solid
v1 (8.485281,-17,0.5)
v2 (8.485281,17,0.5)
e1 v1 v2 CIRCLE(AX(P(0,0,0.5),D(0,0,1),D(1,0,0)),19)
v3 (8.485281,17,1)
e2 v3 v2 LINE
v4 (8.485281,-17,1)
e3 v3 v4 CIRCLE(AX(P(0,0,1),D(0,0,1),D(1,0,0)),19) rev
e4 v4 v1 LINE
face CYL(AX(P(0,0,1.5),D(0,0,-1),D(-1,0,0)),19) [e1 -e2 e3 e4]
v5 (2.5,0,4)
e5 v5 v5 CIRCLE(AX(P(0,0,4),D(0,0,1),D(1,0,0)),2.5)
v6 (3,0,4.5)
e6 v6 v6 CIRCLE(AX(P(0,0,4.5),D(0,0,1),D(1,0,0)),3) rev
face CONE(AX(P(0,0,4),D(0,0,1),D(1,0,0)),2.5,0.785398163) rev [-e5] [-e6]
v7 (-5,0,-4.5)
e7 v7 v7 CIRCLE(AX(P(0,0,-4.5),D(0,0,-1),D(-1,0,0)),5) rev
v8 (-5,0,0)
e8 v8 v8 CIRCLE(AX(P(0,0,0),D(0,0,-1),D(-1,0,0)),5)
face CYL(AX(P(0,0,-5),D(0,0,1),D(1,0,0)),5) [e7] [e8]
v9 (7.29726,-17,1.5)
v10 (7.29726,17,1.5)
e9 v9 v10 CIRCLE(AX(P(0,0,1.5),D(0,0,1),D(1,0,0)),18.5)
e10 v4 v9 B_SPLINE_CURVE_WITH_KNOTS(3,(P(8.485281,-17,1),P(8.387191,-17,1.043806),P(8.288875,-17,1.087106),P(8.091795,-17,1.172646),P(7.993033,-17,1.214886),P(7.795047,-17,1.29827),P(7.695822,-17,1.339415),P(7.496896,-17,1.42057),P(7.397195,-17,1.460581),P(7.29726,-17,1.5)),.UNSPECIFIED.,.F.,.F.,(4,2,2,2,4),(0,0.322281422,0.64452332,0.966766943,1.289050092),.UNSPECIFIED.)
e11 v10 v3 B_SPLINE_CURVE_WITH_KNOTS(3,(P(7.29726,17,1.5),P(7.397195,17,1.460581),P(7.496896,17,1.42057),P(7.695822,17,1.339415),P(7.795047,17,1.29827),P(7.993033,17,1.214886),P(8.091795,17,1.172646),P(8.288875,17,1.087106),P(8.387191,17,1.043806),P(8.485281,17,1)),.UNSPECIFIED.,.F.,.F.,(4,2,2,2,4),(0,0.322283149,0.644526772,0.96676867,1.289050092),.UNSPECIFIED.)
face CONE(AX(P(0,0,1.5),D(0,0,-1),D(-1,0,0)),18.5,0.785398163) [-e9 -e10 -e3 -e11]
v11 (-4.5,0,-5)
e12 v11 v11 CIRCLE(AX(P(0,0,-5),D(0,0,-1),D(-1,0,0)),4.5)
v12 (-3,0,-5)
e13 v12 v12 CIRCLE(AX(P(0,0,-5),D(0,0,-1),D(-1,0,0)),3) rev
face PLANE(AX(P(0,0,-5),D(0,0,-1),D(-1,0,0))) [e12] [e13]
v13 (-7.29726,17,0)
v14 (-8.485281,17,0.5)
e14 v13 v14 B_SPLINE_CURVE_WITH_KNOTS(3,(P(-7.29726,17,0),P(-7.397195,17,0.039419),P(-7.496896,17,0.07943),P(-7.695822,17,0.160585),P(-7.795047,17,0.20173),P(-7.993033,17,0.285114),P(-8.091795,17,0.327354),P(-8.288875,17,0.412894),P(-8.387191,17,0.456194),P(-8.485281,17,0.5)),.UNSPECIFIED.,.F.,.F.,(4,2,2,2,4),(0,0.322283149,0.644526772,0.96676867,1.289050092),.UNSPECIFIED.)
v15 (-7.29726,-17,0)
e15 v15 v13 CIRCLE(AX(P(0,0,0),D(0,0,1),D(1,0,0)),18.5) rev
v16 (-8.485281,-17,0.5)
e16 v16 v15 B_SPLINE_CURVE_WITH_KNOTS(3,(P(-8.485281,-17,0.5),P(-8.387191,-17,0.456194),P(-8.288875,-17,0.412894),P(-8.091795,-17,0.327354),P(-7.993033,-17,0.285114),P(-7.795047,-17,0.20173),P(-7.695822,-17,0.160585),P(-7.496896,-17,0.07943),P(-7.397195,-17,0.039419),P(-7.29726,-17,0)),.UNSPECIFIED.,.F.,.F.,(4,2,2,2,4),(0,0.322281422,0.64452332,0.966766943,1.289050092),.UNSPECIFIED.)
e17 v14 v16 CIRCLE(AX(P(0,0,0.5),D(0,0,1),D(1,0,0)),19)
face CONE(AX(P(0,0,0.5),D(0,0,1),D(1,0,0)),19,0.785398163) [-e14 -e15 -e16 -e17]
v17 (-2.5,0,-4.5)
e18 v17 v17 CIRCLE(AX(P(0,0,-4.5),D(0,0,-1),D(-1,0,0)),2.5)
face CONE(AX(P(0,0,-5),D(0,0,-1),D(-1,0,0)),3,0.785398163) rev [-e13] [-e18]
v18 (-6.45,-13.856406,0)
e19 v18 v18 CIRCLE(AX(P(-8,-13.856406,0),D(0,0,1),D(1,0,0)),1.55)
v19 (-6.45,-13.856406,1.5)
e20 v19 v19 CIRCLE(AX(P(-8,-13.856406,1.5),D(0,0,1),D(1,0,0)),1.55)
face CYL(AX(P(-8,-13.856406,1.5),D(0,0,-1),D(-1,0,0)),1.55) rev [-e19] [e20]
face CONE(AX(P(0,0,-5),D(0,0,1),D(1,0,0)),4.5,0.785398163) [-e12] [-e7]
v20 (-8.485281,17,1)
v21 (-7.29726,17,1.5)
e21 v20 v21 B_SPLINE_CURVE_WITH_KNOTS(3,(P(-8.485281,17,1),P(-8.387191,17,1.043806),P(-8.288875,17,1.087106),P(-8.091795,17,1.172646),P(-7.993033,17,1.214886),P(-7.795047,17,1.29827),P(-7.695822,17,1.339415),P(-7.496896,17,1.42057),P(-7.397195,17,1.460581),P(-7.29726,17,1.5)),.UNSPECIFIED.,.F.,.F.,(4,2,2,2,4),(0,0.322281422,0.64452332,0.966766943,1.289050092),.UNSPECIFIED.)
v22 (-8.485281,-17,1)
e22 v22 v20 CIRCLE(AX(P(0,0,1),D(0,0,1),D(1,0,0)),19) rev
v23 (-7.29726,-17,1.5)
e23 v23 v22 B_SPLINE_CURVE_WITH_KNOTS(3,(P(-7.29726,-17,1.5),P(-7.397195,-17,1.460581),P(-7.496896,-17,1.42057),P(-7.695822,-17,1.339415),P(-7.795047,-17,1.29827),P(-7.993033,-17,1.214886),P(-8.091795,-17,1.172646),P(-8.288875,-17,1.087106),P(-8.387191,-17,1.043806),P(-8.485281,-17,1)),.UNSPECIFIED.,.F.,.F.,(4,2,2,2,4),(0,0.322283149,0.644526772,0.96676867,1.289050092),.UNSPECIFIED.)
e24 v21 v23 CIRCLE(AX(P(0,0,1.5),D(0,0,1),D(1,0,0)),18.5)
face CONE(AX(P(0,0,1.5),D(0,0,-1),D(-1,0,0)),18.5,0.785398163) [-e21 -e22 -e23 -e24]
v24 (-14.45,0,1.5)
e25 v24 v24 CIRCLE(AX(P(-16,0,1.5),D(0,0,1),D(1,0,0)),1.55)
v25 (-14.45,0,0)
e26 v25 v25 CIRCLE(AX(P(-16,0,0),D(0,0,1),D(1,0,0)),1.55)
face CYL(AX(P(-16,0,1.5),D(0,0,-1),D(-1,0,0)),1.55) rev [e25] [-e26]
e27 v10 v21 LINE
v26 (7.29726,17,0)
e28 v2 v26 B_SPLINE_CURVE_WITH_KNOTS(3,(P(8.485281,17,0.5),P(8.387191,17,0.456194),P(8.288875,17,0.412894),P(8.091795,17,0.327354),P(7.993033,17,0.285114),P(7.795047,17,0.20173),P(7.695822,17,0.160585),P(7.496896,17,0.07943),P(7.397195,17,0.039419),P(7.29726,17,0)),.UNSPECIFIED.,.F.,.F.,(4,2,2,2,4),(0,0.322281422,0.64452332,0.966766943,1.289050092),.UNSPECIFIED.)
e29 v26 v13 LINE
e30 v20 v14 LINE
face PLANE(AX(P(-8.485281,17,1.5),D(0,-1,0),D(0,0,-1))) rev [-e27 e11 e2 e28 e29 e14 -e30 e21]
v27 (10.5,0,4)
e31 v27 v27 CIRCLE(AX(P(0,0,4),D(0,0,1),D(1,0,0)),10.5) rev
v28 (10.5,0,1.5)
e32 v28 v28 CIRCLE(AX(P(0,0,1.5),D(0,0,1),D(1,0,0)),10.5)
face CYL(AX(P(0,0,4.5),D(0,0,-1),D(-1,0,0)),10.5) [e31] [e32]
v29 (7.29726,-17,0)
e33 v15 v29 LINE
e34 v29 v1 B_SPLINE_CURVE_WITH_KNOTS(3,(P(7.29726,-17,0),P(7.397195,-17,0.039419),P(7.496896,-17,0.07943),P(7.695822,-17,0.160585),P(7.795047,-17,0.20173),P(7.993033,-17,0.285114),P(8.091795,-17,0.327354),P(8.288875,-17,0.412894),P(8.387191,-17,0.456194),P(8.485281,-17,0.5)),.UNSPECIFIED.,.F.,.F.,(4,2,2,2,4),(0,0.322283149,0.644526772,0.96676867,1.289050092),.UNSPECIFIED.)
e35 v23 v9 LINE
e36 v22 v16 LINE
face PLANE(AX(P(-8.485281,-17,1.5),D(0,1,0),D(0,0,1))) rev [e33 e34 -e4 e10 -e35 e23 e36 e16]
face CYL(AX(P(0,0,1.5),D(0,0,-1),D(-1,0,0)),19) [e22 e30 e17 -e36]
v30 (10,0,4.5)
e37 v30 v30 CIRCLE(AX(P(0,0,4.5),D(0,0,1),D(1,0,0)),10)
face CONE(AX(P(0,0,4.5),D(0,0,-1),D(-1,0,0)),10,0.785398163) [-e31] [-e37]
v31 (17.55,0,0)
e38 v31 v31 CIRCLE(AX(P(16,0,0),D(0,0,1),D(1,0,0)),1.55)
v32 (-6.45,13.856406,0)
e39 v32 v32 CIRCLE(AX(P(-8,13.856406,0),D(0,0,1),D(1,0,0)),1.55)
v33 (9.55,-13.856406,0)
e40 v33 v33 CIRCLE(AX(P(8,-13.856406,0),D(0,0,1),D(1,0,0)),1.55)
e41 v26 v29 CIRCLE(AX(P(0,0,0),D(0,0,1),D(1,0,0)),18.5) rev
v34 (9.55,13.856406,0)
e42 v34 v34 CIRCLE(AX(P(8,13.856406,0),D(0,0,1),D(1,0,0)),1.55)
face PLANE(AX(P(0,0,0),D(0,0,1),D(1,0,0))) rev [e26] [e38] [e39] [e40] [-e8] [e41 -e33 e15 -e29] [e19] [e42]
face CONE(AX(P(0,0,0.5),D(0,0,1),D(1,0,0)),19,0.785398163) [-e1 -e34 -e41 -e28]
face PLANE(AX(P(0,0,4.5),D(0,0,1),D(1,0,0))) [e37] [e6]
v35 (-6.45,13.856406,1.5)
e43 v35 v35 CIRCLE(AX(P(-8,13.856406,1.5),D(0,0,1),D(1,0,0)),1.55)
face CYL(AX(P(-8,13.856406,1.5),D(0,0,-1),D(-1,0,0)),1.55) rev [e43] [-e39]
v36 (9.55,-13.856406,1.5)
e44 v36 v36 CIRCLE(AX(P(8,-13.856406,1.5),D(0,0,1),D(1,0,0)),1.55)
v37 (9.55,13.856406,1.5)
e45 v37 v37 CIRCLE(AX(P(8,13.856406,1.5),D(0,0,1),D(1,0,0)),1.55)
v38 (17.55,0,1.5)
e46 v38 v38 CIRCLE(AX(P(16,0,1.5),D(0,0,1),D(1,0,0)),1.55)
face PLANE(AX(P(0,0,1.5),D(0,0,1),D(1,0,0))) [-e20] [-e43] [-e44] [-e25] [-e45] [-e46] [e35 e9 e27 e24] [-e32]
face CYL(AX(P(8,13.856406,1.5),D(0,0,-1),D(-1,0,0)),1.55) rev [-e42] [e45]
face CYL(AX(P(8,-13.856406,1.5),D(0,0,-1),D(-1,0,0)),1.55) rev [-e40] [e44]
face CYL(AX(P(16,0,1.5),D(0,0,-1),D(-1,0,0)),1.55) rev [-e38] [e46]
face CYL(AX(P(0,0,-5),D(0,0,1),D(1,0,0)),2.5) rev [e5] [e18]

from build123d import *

# Parameters (mm, degrees)
SKETCH2_R           = 1.55
BOSS_EXTRUDE1_DEPTH = 1.5
SKETCH3_R           = 10.5
BOSS_EXTRUDE2_DEPTH = 3
SKETCH4_R           = 5
BOSS_EXTRUDE3_DEPTH = 5
SKETCH5_R           = 2.5
CUT_EXTRUDE1_DEPTH  = 28.207535721
CHAMFER1_SIZE       = 0.5


with BuildPart() as part:
    # Sketch2 → Boss-Extrude1 (new body)
    with BuildSketch(Plane.XY):
        with BuildLine():
            Line((-8.485281374, 17), (8.485281374, 17))
            ThreePointArc((8.485281374, 17), (19, 0), (8.485281374, -17))
            Line((8.485281374, -17), (-8.485281374, -17))
            ThreePointArc((-8.485281374, -17), (-19, 0), (-8.485281374, 17))
        make_face()
        with Locations((-16, 0)):
            Circle(SKETCH2_R, mode=Mode.SUBTRACT)
        with Locations((-8, 13.856406461)):
            Circle(SKETCH2_R, mode=Mode.SUBTRACT)
        with Locations((8, 13.856406461)):
            Circle(SKETCH2_R, mode=Mode.SUBTRACT)
        with Locations((16, 0)):
            Circle(SKETCH2_R, mode=Mode.SUBTRACT)
        with Locations((8, -13.856406461)):
            Circle(SKETCH2_R, mode=Mode.SUBTRACT)
        with Locations((-8, -13.856406461)):
            Circle(SKETCH2_R, mode=Mode.SUBTRACT)
    extrude(amount=BOSS_EXTRUDE1_DEPTH)

    # Sketch3 → Boss-Extrude2 (add)
    with BuildSketch(Plane.XY.offset(1.5)):
        Circle(SKETCH3_R)
    extrude(amount=BOSS_EXTRUDE2_DEPTH)

    # Sketch4 → Boss-Extrude3 (add)
    with BuildSketch(Plane(origin=(0, 0, 0), x_dir=(-1, 0, 0), z_dir=(0, 0, -1))):
        Circle(SKETCH4_R)
    extrude(amount=BOSS_EXTRUDE3_DEPTH)

    # Sketch5 → Cut-Extrude1 (cut, through all)
    with BuildSketch(Plane.XY.offset(4.5)):
        Circle(SKETCH5_R)
    extrude(amount=-CUT_EXTRUDE1_DEPTH, mode=Mode.SUBTRACT)

    # Chamfer1
    chamfer1_edges = [part.edges().sort_by_distance(p)[0] for p in [
        (-19, 0, 1.5),
        (-10.5, 0, 4.5),
        (5, 0, -5),
        (19, 0, 1.5),
        (-2.5, 0, -5),
        (-2.5, 0, 4.5),
        (-19, 0, 0),
        (19, 0, 0),
    ]]
    chamfer(chamfer1_edges, length=CHAMFER1_SIZE)


solid = part.part
